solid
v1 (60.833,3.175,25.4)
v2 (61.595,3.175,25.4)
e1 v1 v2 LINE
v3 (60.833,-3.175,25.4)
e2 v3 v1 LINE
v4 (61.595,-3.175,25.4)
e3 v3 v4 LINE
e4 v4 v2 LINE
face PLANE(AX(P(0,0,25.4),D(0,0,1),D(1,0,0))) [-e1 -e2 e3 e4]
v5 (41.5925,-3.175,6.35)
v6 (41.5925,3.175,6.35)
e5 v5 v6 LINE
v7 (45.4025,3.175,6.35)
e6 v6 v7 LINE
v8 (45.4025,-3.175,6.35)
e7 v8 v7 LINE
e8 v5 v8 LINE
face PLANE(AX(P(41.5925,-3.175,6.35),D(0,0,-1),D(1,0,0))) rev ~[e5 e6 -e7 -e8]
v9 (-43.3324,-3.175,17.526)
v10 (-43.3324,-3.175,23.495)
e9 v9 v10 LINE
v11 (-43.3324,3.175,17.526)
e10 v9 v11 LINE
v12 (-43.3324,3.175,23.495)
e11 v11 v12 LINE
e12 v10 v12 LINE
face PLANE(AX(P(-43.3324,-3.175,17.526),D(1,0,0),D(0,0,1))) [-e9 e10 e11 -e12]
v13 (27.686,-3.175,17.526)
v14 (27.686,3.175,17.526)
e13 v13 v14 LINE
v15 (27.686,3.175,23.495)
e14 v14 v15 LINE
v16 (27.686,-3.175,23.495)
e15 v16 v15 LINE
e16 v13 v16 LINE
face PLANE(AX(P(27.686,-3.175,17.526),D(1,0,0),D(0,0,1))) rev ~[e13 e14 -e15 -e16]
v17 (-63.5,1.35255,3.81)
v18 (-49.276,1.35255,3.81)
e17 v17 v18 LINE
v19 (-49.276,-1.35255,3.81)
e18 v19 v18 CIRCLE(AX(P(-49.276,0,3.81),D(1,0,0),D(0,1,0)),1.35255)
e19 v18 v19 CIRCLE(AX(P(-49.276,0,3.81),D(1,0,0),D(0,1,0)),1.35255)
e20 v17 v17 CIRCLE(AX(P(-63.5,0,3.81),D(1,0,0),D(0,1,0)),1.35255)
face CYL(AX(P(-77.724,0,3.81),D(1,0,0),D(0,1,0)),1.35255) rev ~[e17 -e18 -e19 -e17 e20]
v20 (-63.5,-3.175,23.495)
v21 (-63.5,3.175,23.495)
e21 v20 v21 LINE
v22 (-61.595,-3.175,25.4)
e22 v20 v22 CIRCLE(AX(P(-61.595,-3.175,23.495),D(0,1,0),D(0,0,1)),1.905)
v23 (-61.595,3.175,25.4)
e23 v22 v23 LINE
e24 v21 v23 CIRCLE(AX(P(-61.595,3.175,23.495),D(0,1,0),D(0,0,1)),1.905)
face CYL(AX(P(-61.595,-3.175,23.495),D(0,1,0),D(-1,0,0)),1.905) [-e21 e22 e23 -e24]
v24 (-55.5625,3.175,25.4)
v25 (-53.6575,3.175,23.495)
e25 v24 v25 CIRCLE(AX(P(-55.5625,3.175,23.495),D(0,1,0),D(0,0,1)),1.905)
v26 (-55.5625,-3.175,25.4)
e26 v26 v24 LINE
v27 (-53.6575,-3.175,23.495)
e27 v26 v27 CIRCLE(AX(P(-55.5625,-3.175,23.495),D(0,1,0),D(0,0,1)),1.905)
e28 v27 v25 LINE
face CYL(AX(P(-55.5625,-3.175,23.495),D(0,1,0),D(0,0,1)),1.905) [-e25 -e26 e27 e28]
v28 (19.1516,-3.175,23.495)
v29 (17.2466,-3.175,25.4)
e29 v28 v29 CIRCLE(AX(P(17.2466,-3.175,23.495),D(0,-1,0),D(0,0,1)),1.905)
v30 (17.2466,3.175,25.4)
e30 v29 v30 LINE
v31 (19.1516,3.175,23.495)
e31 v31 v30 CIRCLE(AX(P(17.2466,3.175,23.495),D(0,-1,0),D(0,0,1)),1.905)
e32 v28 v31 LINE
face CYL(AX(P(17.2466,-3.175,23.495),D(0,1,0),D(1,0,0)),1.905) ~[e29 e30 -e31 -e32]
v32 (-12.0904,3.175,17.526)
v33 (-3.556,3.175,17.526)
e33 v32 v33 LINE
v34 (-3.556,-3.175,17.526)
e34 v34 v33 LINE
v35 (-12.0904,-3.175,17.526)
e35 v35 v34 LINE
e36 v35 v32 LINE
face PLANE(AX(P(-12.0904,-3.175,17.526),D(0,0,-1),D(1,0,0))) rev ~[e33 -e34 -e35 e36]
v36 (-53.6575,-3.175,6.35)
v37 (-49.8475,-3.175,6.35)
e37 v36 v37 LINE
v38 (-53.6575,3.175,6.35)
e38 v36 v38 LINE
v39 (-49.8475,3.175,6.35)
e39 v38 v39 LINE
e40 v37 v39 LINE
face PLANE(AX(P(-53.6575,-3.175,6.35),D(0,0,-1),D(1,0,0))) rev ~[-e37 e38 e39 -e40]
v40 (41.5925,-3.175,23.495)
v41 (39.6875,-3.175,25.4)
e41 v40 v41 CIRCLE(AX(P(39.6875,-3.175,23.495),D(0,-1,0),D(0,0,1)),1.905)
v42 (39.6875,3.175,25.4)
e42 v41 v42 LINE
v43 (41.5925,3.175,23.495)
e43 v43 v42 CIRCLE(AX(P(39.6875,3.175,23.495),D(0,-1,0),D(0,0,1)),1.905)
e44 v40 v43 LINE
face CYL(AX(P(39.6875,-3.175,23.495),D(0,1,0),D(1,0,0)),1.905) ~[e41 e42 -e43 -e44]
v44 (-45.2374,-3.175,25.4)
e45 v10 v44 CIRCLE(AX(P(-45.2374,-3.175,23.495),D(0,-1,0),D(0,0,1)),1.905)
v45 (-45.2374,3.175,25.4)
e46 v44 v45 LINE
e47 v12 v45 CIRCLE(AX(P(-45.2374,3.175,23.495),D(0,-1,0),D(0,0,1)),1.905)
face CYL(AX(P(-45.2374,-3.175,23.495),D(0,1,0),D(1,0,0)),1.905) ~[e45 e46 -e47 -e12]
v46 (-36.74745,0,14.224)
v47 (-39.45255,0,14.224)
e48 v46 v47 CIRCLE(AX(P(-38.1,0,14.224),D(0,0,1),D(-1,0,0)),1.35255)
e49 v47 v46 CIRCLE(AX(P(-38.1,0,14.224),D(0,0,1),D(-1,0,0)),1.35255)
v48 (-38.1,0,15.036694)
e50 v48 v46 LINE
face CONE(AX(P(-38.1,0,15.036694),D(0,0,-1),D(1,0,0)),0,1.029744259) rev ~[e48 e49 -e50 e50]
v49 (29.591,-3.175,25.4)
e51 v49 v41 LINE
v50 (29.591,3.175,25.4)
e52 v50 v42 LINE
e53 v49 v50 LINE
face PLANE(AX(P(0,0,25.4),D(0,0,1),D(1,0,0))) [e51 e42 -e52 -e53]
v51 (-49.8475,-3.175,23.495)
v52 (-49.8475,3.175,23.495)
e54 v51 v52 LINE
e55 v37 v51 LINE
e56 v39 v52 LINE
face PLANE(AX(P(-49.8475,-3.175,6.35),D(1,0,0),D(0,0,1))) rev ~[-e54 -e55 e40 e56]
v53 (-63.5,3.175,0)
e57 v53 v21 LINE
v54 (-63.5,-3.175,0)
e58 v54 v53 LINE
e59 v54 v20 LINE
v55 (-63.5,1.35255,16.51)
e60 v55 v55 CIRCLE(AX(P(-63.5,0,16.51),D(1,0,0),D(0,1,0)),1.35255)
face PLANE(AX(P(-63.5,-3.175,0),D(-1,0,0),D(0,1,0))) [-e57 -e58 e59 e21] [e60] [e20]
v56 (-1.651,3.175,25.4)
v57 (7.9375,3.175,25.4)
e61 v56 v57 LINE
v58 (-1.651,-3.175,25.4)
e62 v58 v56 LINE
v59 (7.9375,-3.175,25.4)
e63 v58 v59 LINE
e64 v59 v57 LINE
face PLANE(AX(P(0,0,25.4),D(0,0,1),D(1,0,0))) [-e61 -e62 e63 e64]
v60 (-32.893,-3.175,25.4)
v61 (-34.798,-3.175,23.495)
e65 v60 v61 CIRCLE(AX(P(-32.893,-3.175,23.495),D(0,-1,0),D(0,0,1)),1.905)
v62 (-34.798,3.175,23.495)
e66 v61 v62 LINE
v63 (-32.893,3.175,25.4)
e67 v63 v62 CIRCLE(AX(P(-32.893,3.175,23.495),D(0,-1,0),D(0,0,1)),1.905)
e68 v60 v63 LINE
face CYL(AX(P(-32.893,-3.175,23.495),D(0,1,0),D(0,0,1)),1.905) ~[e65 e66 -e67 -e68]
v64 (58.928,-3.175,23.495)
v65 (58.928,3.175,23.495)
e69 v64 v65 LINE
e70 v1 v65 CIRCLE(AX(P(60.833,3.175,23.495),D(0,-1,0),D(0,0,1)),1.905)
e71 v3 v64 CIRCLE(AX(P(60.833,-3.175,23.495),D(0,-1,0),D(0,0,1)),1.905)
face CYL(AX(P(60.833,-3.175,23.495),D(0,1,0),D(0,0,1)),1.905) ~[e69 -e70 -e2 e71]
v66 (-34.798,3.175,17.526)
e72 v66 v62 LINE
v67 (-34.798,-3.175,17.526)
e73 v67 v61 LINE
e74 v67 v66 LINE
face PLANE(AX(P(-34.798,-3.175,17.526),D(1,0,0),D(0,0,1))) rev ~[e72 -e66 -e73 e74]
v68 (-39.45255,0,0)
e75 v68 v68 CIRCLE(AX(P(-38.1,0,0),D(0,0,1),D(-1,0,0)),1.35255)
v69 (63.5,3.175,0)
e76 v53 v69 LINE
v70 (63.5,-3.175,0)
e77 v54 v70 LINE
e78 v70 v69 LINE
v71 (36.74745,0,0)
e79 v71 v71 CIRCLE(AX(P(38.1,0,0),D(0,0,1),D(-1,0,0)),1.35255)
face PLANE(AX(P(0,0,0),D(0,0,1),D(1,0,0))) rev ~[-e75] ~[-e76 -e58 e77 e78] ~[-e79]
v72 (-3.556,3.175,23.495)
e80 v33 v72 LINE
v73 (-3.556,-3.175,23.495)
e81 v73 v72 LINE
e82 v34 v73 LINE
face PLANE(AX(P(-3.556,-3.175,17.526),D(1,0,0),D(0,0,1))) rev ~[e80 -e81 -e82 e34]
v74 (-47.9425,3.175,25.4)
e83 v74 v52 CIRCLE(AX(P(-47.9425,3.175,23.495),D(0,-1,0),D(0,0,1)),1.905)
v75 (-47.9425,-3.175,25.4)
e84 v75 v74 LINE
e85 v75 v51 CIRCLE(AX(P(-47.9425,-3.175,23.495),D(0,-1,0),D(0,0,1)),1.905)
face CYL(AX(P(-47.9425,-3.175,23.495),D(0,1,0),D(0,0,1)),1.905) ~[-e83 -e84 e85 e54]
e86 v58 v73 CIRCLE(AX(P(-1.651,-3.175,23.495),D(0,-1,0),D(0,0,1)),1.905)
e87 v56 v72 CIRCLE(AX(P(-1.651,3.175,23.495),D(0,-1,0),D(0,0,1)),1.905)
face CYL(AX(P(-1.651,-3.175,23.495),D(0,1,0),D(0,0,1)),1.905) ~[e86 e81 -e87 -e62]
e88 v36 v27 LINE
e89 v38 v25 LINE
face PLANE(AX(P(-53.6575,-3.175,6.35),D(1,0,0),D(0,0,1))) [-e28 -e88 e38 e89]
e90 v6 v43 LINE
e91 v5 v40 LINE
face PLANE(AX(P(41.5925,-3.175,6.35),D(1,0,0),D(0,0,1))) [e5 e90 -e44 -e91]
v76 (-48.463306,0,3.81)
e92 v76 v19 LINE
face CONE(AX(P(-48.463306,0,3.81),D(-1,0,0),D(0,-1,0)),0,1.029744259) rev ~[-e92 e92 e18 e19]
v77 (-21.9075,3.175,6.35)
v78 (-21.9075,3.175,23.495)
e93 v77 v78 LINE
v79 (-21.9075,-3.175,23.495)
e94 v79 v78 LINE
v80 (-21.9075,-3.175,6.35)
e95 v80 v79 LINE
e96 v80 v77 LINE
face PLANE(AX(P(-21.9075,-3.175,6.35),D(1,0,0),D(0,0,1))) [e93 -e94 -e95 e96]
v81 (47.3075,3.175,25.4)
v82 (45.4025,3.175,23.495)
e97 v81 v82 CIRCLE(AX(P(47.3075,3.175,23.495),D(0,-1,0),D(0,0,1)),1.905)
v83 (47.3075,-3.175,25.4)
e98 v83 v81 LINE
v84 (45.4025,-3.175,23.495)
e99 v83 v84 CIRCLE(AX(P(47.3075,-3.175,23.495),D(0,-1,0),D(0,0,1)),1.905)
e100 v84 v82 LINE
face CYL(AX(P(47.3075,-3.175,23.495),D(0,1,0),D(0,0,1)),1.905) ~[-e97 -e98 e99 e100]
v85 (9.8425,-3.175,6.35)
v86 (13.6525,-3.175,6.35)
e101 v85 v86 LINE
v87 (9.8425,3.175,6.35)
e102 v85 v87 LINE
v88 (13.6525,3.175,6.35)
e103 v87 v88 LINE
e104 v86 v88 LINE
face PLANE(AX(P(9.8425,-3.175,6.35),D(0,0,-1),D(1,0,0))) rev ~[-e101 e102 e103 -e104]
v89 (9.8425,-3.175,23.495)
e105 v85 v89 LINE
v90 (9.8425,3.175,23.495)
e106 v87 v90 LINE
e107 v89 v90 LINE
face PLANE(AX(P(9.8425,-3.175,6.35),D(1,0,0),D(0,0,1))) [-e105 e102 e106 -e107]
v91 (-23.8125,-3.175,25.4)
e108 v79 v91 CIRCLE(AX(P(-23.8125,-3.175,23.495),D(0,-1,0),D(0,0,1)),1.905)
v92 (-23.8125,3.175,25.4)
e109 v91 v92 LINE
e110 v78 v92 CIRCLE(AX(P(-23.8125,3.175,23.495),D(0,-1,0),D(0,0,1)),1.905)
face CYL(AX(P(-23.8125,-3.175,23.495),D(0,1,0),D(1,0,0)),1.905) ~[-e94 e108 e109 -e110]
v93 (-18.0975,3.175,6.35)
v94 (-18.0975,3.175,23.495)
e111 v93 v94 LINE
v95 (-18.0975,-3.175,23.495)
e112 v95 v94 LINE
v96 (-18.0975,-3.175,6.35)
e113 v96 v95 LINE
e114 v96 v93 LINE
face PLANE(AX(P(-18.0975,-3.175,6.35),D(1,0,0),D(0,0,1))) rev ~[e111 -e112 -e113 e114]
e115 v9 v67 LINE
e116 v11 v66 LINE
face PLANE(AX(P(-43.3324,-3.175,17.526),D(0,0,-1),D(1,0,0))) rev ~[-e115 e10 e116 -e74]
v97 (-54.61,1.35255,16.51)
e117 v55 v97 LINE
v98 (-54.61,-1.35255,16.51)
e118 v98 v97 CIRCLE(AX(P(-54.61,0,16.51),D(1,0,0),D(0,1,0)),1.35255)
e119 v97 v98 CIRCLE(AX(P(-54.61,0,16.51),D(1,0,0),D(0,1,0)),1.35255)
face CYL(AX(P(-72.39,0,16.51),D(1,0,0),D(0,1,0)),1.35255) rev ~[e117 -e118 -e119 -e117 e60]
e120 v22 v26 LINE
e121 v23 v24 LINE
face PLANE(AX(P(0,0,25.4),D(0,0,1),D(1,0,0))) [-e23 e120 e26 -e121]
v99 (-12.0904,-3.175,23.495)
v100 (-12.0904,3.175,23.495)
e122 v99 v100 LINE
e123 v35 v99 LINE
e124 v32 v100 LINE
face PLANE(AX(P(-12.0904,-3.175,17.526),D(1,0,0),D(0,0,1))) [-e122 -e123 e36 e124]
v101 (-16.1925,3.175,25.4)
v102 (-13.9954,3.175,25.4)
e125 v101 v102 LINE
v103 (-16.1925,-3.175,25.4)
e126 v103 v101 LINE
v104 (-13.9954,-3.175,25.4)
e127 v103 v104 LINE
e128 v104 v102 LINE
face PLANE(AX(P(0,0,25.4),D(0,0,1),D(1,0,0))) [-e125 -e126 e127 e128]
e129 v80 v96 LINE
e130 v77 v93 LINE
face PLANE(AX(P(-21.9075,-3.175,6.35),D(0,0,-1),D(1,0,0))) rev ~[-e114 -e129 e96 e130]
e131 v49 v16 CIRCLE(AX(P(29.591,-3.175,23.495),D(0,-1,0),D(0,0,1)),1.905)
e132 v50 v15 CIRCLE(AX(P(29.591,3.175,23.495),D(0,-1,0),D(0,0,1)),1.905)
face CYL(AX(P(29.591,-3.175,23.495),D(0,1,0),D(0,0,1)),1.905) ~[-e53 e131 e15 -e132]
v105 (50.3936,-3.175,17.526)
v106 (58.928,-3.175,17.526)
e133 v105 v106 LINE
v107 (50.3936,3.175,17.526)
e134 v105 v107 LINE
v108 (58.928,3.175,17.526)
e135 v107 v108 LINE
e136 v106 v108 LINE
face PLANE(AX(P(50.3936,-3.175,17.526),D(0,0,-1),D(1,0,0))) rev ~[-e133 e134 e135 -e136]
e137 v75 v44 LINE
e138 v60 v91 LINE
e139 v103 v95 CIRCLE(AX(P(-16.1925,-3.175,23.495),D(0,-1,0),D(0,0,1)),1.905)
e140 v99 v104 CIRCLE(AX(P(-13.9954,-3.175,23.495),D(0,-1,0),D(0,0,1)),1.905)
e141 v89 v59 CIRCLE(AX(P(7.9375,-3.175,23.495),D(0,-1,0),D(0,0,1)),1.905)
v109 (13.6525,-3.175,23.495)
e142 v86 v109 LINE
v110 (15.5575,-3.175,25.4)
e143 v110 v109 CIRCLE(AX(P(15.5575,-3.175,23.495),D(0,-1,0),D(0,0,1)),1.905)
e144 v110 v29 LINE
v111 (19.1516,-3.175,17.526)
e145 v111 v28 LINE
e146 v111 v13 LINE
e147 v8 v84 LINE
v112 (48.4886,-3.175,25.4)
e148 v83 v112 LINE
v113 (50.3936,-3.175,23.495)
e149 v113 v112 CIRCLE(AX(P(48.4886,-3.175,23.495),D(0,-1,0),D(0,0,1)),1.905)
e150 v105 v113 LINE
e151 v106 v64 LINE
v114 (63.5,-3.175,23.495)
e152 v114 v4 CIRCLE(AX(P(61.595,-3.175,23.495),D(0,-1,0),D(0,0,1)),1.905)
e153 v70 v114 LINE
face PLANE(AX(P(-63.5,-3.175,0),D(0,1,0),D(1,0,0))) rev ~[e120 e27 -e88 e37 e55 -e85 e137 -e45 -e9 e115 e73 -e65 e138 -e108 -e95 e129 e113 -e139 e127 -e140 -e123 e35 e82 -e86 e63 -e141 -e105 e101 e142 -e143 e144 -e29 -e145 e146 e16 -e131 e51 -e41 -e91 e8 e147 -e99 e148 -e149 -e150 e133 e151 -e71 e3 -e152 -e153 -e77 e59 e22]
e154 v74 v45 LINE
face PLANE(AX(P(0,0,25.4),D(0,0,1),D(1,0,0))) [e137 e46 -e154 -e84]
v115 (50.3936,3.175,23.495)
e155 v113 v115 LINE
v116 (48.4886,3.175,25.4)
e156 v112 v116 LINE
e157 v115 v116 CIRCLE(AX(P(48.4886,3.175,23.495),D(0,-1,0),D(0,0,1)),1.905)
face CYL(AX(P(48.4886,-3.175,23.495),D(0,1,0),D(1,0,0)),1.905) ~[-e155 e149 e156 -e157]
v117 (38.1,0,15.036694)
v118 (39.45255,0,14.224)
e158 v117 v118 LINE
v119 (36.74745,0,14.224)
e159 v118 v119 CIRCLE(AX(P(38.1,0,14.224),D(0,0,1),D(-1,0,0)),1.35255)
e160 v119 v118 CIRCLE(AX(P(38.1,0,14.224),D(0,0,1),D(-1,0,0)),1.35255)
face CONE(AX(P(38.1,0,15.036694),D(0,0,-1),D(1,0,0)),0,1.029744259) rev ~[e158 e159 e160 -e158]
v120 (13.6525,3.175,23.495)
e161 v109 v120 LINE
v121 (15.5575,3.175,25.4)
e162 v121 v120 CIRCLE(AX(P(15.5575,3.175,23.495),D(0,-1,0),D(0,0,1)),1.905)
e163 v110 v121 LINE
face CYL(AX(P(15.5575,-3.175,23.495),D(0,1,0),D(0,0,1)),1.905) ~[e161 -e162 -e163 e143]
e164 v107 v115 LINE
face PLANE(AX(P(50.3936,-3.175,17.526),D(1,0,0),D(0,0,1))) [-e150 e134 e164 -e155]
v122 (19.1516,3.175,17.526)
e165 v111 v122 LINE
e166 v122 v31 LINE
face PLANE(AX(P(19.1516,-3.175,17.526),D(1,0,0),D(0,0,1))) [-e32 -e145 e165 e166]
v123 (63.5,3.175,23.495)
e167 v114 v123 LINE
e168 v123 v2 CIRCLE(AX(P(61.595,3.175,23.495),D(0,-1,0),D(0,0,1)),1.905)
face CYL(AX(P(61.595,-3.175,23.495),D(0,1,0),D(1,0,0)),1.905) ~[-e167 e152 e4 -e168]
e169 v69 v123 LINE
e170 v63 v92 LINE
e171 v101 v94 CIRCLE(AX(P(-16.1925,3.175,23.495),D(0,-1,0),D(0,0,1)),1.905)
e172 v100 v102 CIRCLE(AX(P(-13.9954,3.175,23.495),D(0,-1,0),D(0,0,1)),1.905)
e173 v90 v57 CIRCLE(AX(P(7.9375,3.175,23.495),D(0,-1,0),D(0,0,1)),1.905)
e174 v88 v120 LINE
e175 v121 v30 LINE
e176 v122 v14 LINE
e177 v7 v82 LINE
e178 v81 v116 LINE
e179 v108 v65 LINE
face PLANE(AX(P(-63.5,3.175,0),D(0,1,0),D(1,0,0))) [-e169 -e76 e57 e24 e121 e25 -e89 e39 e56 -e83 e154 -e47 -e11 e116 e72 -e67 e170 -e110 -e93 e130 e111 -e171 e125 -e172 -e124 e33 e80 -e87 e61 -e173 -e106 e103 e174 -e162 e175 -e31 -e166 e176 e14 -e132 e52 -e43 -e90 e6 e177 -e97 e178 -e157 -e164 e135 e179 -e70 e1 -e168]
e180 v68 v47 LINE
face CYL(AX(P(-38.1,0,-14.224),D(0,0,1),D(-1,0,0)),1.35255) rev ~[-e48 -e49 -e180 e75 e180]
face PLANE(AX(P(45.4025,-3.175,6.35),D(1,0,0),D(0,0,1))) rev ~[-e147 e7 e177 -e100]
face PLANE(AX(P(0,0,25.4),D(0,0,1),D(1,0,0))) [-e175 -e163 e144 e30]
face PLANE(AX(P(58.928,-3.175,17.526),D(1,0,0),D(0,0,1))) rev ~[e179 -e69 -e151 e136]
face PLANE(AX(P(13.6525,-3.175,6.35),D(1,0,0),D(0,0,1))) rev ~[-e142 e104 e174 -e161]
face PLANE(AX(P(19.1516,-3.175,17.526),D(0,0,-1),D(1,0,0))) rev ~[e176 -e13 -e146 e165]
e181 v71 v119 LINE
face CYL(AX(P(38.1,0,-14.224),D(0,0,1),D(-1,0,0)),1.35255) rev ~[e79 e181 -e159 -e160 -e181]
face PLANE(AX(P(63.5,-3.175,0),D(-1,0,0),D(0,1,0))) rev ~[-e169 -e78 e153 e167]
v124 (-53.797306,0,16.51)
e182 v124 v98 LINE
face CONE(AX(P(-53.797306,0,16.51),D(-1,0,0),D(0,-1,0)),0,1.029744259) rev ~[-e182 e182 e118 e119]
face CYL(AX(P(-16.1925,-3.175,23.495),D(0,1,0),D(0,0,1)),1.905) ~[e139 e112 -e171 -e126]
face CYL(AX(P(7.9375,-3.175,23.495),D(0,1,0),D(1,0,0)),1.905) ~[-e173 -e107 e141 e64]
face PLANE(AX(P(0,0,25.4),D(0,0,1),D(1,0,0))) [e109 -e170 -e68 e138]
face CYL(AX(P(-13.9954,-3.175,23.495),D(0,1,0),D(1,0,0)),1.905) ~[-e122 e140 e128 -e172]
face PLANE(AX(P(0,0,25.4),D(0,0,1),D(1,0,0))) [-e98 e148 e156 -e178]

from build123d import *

# Parameters (mm, degrees)
F0_W           = 127
F0_H           = 6.35
F1_DEPTH       = 25.4
F2_W           = 3.81
F2_H           = 19.05
F2_W_2         = 8.5344
F2_H_2         = 7.874
F3_DEPTH       = 6.35
F4_R           = 1.905
F7_D           = 2.7051
F7_DEPTH       = 14.224
F7_TIP         = 0.8126940303
F7_ON_F6_D     = 2.7051
F7_ON_F6_DEPTH = 14.224
F7_ON_F6_TIP   = 0.8126940303
F8_D           = 2.7051
F8_DEPTH       = 8.89
F8_TIP         = 0.8126940303


with BuildPart() as f1:
    # F0 (on Top) → F1 (new body)
    with BuildSketch(Plane.XY):
        Rectangle(F0_W, F0_H)
    extrude(amount=F1_DEPTH)

    # F2 (on face) → F3 (cut, through all)
    with BuildSketch(Plane.XZ.offset(3.175)):
        with Locations((-51.7525, 15.875)):
            Rectangle(F2_W, F2_H)
        with Locations((-20.0025, 15.875)):
            Rectangle(F2_W, F2_H)
        with Locations((11.7475, 15.875)):
            Rectangle(F2_W, F2_H)
        with Locations((43.4975, 15.875)):
            Rectangle(F2_W, F2_H)
        with Locations((-39.0652, 21.463)):
            Rectangle(F2_W_2, F2_H_2)
        with Locations((-7.8232, 21.463)):
            Rectangle(F2_W_2, F2_H_2)
        with Locations((23.4188, 21.463)):
            Rectangle(F2_W_2, F2_H_2)
        with Locations((54.6608, 21.463)):
            Rectangle(F2_W_2, F2_H_2)
    extrude(amount=-F3_DEPTH, mode=Mode.SUBTRACT)

    # F4
    f4_edges = [f1.edges().sort_by_distance(p)[0] for p in [
        (-53.6575, 0, 25.4),
        (-49.8475, 0, 25.4),
        (-21.9075, 0, 25.4),
        (-18.0975, 0, 25.4),
        (9.8425, 0, 25.4),
        (13.6525, 0, 25.4),
        (41.5925, 0, 25.4),
        (45.4025, 0, 25.4),
        (-43.3324, 0, 25.4),
        (-34.798, 0, 25.4),
        (-12.0904, 0, 25.4),
        (-3.556, 0, 25.4),
        (19.1516, 0, 25.4),
        (27.686, 0, 25.4),
        (50.3936, 0, 25.4),
        (58.928, 0, 25.4),
        (63.5, 0, 25.4),
        (-63.5, 0, 25.4),
    ]]
    fillet(f4_edges, radius=F4_R)

    # F7
    with Locations(Plane(origin=(0, 0, 0), x_dir=(1, 0, 0), z_dir=(0, 0, -1))):
        with Locations((-38.1, 0), (38.1, 0)):
            Hole(F7_D / 2, depth=F7_DEPTH)
            with Locations((0, 0, -(F7_DEPTH + F7_TIP / 2))):  # 118° drill point
                Cone(0, F7_D / 2, F7_TIP, mode=Mode.SUBTRACT)

    # F7 on F6
    with Locations(Plane(origin=(-63.5, 0, 0), x_dir=(0, -1, 0), z_dir=(-1, 0, 0))):
        with Locations((0, 3.81)):
            Hole(F7_ON_F6_D / 2, depth=F7_ON_F6_DEPTH)
            with Locations((0, 0, -(F7_ON_F6_DEPTH + F7_ON_F6_TIP / 2))):  # 118° drill point
                Cone(0, F7_ON_F6_D / 2, F7_ON_F6_TIP, mode=Mode.SUBTRACT)

    # F8
    with Locations(Plane(origin=(-63.5, 0, 0), x_dir=(0, -1, 0), z_dir=(-1, 0, 0))):
        with Locations((0, 16.51)):
            Hole(F8_D / 2, depth=F8_DEPTH)
            with Locations((0, 0, -(F8_DEPTH + F8_TIP / 2))):  # 118° drill point
                Cone(0, F8_D / 2, F8_TIP, mode=Mode.SUBTRACT)


solid = f1.part
